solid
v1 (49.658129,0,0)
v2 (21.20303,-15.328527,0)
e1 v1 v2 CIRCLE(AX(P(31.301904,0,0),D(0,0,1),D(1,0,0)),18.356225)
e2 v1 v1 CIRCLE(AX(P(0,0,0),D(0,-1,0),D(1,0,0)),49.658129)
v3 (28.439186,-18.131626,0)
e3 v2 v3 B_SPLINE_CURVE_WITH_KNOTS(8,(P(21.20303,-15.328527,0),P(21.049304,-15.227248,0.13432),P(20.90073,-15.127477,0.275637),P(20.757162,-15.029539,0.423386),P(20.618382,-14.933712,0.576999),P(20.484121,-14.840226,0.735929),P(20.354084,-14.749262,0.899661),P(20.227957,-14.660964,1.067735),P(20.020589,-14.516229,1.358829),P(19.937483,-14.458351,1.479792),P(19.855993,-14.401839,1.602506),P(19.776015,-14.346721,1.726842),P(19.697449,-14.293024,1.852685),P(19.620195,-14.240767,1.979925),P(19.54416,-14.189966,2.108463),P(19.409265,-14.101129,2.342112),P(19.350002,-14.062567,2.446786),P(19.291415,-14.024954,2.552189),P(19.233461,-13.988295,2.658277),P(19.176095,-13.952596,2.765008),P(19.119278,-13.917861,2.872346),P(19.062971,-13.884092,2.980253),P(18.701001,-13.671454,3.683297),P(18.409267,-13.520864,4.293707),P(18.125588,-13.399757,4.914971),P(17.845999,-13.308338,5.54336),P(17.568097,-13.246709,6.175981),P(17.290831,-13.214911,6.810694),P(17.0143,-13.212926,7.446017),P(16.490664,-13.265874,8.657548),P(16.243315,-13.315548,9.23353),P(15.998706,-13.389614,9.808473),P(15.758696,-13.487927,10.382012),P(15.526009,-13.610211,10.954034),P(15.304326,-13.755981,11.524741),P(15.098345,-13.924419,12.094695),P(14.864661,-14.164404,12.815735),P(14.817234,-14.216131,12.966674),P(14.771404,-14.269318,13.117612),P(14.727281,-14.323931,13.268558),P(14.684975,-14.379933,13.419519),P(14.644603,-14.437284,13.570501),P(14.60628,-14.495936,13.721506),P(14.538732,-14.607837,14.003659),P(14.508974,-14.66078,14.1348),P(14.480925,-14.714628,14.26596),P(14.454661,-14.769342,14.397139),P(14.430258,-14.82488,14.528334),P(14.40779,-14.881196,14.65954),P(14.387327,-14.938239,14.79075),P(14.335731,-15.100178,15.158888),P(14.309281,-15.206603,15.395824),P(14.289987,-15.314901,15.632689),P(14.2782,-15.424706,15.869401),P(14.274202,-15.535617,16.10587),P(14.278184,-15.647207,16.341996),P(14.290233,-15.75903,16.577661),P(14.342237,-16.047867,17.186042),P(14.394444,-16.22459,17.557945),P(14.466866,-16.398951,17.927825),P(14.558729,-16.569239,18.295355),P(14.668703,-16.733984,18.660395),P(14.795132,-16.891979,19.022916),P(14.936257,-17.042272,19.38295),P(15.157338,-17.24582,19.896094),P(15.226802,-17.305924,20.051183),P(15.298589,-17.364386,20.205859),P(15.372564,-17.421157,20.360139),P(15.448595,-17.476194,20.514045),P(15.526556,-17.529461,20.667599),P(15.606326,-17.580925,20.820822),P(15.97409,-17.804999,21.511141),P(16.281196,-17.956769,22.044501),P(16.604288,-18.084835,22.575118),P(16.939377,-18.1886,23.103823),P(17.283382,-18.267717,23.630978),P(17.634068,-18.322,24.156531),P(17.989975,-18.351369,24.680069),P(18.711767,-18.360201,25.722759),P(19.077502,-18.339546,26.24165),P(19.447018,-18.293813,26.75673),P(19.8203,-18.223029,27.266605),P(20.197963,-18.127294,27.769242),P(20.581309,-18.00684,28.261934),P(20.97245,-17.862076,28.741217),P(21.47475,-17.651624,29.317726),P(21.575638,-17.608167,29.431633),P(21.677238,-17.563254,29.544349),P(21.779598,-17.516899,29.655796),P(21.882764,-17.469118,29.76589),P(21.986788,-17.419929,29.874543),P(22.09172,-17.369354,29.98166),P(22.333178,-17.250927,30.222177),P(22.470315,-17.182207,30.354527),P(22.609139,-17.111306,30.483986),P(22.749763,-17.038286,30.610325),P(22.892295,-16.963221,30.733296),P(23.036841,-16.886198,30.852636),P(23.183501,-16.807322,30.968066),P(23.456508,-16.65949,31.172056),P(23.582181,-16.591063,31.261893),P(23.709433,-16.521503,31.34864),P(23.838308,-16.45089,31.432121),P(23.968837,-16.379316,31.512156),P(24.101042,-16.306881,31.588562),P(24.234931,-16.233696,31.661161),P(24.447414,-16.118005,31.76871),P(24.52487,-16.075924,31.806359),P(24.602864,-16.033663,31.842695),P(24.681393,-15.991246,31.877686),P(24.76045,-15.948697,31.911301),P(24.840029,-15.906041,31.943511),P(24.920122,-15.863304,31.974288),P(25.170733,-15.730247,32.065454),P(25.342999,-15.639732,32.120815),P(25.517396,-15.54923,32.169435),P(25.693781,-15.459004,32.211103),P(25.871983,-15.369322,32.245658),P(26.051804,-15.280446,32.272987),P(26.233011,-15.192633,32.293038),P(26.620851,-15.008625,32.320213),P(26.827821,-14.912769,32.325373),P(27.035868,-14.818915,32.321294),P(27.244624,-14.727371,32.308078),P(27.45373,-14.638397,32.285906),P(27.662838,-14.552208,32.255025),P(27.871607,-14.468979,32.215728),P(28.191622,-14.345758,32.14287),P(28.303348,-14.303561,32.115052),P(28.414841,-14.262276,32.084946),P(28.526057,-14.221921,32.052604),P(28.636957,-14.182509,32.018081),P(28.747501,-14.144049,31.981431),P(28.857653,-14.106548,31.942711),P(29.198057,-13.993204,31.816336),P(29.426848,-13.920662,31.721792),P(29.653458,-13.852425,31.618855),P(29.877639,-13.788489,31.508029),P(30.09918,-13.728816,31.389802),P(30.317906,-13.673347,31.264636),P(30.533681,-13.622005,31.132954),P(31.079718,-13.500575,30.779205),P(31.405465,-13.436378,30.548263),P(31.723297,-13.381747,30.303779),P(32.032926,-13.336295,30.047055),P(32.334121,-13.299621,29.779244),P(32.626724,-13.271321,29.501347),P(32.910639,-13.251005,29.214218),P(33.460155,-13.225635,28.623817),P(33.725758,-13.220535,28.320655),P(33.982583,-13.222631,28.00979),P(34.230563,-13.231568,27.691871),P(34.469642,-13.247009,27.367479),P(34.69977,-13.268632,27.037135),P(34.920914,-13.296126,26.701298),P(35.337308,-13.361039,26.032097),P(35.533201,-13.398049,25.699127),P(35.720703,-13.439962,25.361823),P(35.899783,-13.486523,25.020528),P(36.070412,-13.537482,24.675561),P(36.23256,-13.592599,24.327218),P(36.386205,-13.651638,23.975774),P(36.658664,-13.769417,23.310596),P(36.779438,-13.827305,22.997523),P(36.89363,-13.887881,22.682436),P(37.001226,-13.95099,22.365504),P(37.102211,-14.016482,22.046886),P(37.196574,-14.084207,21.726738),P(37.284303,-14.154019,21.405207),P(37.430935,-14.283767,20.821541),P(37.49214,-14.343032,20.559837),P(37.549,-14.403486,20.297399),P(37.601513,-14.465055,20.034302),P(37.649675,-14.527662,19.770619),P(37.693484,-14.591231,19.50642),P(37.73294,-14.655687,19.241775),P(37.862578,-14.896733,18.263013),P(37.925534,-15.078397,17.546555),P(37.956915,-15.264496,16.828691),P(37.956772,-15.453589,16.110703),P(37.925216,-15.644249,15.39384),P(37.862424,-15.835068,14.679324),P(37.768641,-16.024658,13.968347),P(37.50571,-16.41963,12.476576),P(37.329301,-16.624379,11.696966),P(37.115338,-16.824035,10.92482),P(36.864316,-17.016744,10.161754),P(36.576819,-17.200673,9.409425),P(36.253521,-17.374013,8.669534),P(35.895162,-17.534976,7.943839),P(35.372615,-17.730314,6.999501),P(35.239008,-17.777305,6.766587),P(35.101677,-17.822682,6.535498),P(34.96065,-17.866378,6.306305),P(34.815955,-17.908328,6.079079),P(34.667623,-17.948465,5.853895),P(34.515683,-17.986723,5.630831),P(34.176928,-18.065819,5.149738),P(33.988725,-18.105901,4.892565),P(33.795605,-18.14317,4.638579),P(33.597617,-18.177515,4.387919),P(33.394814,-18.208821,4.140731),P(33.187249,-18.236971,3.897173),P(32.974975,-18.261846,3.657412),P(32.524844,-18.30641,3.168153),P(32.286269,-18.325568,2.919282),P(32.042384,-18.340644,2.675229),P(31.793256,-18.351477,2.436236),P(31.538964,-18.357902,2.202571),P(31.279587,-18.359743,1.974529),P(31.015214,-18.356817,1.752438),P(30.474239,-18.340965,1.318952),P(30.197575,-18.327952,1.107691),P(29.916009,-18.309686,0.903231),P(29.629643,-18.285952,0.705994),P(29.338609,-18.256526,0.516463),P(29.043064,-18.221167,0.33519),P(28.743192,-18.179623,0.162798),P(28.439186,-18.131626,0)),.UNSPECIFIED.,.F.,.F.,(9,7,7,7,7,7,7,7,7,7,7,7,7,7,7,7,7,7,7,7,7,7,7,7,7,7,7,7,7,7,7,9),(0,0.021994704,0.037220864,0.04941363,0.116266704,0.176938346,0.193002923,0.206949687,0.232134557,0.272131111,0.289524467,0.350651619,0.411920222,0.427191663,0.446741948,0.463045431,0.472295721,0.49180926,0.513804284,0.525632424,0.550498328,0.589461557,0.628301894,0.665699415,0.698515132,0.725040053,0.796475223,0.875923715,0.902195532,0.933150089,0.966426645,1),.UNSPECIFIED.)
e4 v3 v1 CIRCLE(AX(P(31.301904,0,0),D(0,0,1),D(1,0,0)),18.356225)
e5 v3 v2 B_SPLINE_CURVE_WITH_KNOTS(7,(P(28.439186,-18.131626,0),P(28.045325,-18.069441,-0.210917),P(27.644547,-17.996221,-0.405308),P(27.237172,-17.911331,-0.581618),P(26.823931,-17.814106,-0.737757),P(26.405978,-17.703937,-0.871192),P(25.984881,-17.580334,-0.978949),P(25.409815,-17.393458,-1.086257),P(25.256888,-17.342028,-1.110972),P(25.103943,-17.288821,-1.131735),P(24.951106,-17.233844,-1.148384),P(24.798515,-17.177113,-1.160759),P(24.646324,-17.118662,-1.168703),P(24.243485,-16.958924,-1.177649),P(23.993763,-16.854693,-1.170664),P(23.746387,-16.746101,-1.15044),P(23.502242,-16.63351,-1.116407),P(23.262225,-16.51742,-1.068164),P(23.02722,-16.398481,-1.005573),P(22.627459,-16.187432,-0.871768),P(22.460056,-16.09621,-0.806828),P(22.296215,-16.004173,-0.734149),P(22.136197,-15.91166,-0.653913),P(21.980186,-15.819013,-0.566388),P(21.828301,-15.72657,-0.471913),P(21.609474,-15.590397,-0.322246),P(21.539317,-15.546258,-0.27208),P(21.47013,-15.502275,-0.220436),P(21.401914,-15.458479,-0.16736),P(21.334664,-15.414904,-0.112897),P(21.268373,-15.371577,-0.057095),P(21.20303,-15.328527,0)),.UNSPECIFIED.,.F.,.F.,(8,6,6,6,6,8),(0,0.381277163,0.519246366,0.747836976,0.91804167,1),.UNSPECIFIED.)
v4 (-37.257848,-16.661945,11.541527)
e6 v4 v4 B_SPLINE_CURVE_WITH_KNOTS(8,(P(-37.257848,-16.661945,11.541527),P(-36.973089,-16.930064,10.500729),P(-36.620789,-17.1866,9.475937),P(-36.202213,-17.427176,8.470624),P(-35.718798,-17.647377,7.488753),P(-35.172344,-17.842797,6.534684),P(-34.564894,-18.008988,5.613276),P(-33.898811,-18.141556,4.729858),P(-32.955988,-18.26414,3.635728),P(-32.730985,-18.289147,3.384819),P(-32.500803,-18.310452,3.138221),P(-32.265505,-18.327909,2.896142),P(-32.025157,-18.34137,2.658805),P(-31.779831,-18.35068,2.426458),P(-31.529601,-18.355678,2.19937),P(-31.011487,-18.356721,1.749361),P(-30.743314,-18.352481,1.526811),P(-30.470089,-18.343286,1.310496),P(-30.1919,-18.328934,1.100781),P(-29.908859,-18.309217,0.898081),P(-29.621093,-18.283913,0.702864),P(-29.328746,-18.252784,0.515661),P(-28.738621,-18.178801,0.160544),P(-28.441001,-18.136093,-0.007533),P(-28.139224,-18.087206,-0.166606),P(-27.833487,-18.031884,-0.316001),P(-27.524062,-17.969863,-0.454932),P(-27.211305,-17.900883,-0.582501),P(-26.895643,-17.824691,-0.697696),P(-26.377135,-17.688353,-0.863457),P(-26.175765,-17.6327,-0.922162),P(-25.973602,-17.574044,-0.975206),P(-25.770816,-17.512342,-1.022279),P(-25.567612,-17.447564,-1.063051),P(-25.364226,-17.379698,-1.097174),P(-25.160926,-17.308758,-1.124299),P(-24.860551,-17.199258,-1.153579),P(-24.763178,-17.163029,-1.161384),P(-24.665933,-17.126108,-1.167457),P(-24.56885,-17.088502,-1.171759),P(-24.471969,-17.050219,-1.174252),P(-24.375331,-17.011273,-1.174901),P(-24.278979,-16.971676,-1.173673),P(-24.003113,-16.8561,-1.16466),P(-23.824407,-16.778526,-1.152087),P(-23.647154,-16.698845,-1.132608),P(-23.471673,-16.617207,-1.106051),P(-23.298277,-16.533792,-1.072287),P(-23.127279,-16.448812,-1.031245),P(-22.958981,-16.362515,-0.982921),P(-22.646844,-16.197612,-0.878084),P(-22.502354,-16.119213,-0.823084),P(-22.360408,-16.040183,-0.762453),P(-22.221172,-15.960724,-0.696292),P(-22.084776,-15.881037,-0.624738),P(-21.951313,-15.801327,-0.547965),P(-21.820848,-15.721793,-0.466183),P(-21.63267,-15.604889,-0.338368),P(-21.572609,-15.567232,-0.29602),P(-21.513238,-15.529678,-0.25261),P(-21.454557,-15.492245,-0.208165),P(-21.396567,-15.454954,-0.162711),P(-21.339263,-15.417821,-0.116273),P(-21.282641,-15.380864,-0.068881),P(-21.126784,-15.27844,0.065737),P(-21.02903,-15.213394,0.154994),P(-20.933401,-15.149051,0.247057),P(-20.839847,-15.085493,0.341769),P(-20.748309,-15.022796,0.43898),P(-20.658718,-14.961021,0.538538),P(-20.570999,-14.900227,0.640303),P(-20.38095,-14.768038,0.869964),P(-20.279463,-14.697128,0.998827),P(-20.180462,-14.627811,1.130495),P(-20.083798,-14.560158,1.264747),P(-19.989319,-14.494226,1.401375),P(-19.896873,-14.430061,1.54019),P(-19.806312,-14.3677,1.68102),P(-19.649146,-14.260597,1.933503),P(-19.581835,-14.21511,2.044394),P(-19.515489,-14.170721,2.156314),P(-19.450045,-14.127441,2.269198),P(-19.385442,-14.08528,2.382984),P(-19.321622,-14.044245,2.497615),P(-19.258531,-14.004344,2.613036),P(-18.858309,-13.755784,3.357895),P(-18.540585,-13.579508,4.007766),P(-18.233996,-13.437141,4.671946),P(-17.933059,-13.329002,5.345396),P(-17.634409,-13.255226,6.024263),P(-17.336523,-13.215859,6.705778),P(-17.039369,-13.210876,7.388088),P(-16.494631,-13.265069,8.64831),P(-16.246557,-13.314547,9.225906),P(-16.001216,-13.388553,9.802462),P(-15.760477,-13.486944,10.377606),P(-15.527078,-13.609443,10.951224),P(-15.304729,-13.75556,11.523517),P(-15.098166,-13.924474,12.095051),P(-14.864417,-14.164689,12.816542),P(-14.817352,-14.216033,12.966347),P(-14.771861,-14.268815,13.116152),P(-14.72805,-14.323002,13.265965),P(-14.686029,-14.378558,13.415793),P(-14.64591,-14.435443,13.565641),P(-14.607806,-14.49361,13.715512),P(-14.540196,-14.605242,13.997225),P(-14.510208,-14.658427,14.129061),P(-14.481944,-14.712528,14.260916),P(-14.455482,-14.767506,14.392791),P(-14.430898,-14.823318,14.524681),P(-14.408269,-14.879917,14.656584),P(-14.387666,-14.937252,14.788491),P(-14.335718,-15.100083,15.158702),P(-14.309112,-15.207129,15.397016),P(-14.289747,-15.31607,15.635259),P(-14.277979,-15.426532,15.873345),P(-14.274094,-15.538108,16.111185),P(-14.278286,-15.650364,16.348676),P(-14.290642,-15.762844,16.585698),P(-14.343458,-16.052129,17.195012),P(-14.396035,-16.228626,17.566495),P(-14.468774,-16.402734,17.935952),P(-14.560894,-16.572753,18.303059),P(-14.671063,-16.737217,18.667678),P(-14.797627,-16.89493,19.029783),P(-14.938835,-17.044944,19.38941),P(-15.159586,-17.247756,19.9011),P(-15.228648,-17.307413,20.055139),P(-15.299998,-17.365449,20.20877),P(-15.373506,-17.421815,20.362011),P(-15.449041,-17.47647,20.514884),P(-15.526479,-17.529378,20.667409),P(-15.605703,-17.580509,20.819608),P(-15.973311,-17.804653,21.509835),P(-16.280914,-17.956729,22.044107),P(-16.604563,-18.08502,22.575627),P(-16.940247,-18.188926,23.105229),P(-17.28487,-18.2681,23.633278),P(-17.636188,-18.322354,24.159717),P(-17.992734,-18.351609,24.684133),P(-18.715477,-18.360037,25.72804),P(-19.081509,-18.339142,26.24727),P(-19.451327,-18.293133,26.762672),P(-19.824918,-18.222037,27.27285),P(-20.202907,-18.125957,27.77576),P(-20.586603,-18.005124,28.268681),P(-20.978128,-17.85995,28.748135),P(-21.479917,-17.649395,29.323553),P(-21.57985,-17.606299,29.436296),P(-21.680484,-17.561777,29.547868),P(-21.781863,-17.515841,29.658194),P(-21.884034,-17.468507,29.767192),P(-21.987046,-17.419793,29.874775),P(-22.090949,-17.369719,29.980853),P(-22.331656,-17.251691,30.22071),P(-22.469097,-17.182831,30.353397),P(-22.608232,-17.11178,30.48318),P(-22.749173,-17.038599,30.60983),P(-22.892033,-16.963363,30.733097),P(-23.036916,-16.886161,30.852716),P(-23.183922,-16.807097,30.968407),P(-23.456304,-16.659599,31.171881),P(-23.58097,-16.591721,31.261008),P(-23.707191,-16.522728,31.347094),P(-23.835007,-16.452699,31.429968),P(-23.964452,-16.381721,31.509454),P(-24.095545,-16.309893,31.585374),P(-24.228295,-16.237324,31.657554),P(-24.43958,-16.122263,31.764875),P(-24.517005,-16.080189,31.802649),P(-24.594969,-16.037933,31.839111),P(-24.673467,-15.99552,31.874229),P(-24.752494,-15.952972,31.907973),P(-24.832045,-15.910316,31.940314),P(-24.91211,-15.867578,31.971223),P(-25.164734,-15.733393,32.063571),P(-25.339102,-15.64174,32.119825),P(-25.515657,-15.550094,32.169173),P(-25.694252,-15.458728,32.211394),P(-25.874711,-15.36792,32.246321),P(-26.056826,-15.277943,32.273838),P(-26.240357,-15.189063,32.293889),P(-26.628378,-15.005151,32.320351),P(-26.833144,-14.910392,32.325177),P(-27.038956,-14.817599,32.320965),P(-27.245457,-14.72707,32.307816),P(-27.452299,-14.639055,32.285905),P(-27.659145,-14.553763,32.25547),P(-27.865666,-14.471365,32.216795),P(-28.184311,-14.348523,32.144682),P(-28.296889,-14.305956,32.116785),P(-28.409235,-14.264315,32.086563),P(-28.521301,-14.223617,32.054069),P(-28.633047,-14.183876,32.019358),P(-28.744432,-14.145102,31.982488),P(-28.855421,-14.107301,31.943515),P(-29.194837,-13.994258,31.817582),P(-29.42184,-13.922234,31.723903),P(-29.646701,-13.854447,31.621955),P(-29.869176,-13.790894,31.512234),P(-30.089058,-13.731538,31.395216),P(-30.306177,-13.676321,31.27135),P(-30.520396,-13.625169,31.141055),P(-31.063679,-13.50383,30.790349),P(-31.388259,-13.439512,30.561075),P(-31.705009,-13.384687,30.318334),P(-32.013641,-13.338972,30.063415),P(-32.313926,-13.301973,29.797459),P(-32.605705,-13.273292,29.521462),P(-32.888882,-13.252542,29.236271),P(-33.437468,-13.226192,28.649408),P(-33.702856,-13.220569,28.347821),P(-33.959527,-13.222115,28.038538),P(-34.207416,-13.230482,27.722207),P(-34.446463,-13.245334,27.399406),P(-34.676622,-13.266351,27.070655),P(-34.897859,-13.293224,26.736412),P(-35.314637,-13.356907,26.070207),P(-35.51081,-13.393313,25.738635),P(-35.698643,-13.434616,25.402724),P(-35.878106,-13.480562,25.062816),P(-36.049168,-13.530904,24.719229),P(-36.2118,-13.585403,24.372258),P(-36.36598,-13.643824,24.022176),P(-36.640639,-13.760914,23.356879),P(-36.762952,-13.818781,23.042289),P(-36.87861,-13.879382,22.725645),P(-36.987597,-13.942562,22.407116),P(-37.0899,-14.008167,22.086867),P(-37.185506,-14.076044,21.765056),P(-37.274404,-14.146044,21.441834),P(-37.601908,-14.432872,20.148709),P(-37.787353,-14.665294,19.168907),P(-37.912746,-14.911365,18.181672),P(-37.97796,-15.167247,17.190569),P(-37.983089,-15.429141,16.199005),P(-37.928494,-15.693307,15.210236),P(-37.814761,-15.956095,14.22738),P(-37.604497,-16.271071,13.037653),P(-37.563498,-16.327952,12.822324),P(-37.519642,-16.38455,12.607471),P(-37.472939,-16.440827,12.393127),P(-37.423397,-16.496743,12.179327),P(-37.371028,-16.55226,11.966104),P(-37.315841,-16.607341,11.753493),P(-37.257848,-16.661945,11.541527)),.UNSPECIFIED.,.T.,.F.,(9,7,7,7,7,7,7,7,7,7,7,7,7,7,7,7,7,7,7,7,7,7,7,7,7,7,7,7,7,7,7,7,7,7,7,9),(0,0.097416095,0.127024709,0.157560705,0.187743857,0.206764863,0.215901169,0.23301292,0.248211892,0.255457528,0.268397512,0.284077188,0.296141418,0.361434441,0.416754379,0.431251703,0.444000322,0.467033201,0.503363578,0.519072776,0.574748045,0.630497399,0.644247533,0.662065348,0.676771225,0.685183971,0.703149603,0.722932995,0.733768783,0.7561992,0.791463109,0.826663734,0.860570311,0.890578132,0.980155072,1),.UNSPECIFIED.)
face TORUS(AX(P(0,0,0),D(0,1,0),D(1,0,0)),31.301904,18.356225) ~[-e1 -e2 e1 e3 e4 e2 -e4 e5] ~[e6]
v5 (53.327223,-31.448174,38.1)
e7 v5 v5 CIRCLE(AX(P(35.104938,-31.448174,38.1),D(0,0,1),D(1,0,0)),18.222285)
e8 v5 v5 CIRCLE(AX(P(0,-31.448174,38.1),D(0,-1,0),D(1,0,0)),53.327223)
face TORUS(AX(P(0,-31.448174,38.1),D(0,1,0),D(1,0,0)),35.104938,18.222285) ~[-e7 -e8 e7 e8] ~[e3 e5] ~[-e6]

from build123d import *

# Parameters (mm, degrees)
F0_R = 18.356225
F3_R = 18.222285


with BuildPart() as f1:
    # F0 (on Top) → F1 (revolve)
    with BuildSketch(Plane.XY):
        with Locations((31.301904, 0)):
            Circle(F0_R)
    revolve(axis=Axis((0, 1.755249, 0), (0, -1, 0)))

    # F3 (on offset) → F4 (revolve)
    with BuildSketch(Plane.XY.offset(38.1)):
        with Locations((35.104938, -31.448174)):
            Circle(F3_R)
    revolve(axis=Axis((0, 4.826928, 38.1), (0, -1, 0)))


solid = f1.part
